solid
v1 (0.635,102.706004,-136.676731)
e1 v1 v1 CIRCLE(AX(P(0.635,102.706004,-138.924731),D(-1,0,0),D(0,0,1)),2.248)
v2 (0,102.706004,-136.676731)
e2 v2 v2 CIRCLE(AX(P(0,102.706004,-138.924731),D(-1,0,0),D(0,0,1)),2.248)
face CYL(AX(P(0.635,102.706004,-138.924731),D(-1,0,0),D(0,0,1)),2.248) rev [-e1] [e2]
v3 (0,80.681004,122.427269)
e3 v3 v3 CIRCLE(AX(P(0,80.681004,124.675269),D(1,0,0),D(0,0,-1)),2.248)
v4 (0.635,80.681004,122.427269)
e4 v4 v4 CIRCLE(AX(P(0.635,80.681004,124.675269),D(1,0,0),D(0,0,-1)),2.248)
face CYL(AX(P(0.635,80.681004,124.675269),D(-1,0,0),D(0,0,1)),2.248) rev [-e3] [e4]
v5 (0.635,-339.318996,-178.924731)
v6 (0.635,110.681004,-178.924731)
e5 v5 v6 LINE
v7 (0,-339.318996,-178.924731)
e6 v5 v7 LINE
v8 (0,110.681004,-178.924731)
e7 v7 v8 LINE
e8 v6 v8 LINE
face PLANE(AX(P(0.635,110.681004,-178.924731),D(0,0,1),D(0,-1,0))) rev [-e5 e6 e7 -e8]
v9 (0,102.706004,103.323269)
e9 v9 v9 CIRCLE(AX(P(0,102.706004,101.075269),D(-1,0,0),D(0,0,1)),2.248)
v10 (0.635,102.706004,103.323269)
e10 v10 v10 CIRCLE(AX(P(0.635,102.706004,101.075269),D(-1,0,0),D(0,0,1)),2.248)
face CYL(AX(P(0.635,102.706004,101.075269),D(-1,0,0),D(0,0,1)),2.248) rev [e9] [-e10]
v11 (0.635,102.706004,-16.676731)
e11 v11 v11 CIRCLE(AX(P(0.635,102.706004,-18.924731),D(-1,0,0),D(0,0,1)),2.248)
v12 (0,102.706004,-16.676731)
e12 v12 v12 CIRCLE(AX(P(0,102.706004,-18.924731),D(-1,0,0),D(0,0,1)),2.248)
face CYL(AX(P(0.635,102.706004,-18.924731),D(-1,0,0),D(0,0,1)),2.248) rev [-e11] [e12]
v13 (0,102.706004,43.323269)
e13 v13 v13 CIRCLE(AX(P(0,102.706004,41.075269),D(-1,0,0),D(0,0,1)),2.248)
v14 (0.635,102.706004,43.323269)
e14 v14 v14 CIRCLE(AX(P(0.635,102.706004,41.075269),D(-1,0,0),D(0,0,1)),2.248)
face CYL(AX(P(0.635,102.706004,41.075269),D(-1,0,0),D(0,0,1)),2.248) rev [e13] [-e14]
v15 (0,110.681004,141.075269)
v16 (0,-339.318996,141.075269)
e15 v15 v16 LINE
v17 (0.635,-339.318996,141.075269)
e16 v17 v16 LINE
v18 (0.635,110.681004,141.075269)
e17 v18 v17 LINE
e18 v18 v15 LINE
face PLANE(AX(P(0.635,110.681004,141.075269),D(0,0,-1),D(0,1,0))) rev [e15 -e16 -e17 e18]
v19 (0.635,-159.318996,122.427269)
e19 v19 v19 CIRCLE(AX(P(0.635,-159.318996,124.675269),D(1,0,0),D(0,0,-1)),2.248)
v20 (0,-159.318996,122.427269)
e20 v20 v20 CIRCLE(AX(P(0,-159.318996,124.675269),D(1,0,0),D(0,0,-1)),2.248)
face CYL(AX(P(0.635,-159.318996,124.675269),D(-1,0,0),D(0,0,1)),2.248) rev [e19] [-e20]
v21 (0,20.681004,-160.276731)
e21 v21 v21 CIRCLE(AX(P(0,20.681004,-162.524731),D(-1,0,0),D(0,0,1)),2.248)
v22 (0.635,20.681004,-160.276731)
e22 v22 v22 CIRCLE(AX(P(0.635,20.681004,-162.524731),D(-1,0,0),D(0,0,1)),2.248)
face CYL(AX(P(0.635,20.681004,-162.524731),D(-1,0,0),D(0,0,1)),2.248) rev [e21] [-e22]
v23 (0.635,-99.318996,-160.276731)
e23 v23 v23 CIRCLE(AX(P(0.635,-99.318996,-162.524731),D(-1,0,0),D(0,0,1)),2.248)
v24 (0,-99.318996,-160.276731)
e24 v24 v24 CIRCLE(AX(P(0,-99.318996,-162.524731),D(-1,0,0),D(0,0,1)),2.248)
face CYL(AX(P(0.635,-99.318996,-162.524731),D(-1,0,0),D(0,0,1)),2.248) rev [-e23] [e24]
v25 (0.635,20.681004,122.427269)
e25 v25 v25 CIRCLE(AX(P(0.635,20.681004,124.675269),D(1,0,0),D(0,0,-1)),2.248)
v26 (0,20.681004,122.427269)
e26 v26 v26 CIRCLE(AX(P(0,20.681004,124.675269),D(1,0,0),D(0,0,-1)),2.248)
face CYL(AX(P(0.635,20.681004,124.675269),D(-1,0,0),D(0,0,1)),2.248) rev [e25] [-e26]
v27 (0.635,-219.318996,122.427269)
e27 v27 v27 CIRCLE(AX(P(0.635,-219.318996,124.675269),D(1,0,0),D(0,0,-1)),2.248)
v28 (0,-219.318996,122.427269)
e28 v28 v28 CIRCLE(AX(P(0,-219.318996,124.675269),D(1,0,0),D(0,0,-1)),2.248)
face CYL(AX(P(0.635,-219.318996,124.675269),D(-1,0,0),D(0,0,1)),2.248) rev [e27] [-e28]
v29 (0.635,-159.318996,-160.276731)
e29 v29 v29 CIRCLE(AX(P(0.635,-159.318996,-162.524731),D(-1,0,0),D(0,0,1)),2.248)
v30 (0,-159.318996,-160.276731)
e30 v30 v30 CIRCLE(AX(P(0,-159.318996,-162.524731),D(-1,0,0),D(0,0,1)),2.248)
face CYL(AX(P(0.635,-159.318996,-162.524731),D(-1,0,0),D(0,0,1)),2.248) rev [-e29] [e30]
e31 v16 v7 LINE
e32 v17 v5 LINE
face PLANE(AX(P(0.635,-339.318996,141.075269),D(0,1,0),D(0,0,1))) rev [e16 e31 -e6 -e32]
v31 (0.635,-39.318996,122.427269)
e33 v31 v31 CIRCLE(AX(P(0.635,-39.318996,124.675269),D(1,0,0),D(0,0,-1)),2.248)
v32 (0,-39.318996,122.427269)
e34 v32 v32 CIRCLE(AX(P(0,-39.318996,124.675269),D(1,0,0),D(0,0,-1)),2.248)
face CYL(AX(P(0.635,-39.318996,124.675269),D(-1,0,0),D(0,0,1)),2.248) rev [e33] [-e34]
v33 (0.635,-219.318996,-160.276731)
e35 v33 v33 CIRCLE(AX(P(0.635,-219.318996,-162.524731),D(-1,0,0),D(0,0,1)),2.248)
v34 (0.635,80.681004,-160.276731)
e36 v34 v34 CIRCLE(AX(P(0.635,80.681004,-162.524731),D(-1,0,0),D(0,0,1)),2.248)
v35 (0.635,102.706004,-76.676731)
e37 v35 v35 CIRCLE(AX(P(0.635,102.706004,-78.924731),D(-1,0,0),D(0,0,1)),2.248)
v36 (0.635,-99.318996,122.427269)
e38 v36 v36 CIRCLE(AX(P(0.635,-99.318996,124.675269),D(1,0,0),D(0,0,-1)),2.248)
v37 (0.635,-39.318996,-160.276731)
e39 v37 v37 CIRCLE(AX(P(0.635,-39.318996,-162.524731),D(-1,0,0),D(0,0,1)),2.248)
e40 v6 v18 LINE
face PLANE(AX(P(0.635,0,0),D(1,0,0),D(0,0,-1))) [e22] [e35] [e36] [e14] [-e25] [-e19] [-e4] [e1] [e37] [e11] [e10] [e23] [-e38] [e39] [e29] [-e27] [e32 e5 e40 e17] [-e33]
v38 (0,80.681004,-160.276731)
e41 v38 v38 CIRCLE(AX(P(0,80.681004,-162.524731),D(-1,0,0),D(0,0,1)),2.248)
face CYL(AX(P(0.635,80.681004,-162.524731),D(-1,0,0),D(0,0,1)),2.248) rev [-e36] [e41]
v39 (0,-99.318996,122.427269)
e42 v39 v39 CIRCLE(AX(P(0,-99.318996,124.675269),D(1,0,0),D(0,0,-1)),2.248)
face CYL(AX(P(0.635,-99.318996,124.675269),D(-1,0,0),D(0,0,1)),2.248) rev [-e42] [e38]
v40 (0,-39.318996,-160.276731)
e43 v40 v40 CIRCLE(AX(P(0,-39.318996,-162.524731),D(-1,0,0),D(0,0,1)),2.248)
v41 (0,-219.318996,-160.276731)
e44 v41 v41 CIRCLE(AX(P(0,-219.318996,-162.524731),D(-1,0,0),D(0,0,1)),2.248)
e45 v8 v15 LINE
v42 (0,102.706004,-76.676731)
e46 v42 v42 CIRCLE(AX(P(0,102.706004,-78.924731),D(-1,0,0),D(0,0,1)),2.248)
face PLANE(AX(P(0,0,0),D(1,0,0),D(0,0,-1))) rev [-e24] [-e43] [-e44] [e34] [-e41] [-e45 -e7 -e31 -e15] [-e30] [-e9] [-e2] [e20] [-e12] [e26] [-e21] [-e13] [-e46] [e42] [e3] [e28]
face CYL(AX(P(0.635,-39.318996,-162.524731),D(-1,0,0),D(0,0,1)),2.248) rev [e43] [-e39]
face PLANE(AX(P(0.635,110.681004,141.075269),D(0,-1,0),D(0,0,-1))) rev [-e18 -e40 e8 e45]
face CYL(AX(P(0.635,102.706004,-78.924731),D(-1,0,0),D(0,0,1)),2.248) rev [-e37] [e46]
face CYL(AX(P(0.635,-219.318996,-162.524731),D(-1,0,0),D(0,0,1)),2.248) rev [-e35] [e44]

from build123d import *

# Parameters (mm, degrees)
SKETCH1_W               = 320
SKETCH1_H               = 450
BOSS_EXTRUDE1_DEPTH     = 0.635
SKETCH2_R               = 2.248
CUT_EXTRUDE1_DEPTH      = 384.603759083
LPATTERN1_COUNT         = 6
LPATTERN1_PITCH         = 60
MIRROR2_COPY_1_SKETCH_R = 2.248
MIRROR2_COPY_1_DEPTH    = 384.603759083
MIRROR2_COPY_2_SKETCH_R = 2.248
MIRROR2_COPY_2_DEPTH    = 384.603759083
MIRROR2_COPY_3_SKETCH_R = 2.248
MIRROR2_COPY_3_DEPTH    = 384.603759083
MIRROR2_COPY_4_SKETCH_R = 2.248
MIRROR2_COPY_4_DEPTH    = 384.603759083
MIRROR2_COPY_5_SKETCH_R = 2.248
MIRROR2_COPY_5_DEPTH    = 384.603759083
MIRROR2_COPY_6_SKETCH_R = 2.248
MIRROR2_COPY_6_DEPTH    = 384.603759083
SKETCH3_R               = 2.248
CUT_EXTRUDE2_DEPTH      = 384.603759083
LPATTERN2_COUNT         = 5
LPATTERN2_PITCH         = 60


with BuildPart() as part:
    # Sketch1 → Boss-Extrude1 (new body)
    with BuildSketch(Plane(origin=(0, 0, 0), x_dir=(0, 0, -1), z_dir=(1, 0, 0))):
        with Locations((18.924731183, -114.318996416)):
            Rectangle(SKETCH1_W, SKETCH1_H)
    extrude(amount=BOSS_EXTRUDE1_DEPTH)

    # Sketch2 → Cut-Extrude1 (cut, through all)
    with BuildSketch(Plane(origin=(0, 0, 0), x_dir=(0, 0, -1), z_dir=(1, 0, 0))):
        with Locations((-124.675268817, 80.681003584)):
            Circle(SKETCH2_R)
    cut_extrude1 = extrude(amount=CUT_EXTRUDE1_DEPTH, mode=Mode.SUBTRACT)

    # LPattern1: Cut-Extrude1 ×6
    with Locations(*[(0, -i * LPATTERN1_PITCH, 0) for i in range(1, LPATTERN1_COUNT)]):
        add(cut_extrude1, mode=Mode.SUBTRACT)

    # Mirror2 copy 1 sketch → Mirror2 copy 1 (cut, through all)
    with BuildSketch(Plane(origin=(0, -60, -37.849462366), x_dir=(0, 0, 1), z_dir=(1, 0, 0))):
        with Locations((-124.675268817, -80.681003584)):
            Circle(MIRROR2_COPY_1_SKETCH_R)
    extrude(amount=MIRROR2_COPY_1_DEPTH, mode=Mode.SUBTRACT)

    # Mirror2 copy 2 sketch → Mirror2 copy 2 (cut, through all)
    with BuildSketch(Plane(origin=(0, -120, -37.849462366), x_dir=(0, 0, 1), z_dir=(1, 0, 0))):
        with Locations((-124.675268817, -80.681003584)):
            Circle(MIRROR2_COPY_2_SKETCH_R)
    extrude(amount=MIRROR2_COPY_2_DEPTH, mode=Mode.SUBTRACT)

    # Mirror2 copy 3 sketch → Mirror2 copy 3 (cut, through all)
    with BuildSketch(Plane(origin=(0, -180, -37.849462366), x_dir=(0, 0, 1), z_dir=(1, 0, 0))):
        with Locations((-124.675268817, -80.681003584)):
            Circle(MIRROR2_COPY_3_SKETCH_R)
    extrude(amount=MIRROR2_COPY_3_DEPTH, mode=Mode.SUBTRACT)

    # Mirror2 copy 4 sketch → Mirror2 copy 4 (cut, through all)
    with BuildSketch(Plane(origin=(0, -240, -37.849462366), x_dir=(0, 0, 1), z_dir=(1, 0, 0))):
        with Locations((-124.675268817, -80.681003584)):
            Circle(MIRROR2_COPY_4_SKETCH_R)
    extrude(amount=MIRROR2_COPY_4_DEPTH, mode=Mode.SUBTRACT)

    # Mirror2 copy 5 sketch → Mirror2 copy 5 (cut, through all)
    with BuildSketch(Plane(origin=(0, -300, -37.849462366), x_dir=(0, 0, 1), z_dir=(1, 0, 0))):
        with Locations((-124.675268817, -80.681003584)):
            Circle(MIRROR2_COPY_5_SKETCH_R)
    extrude(amount=MIRROR2_COPY_5_DEPTH, mode=Mode.SUBTRACT)

    # Mirror2 copy 6 sketch → Mirror2 copy 6 (cut, through all)
    with BuildSketch(Plane(origin=(0, 0, -37.849462366), x_dir=(0, 0, 1), z_dir=(1, 0, 0))):
        with Locations((-124.675268817, -80.681003584)):
            Circle(MIRROR2_COPY_6_SKETCH_R)
    extrude(amount=MIRROR2_COPY_6_DEPTH, mode=Mode.SUBTRACT)

    # Sketch3 → Cut-Extrude2 (cut, through all)
    with BuildSketch(Plane.ZY):
        with Locations((-138.924731183, 102.706003584)):
            Circle(SKETCH3_R)
    cut_extrude2 = extrude(amount=-CUT_EXTRUDE2_DEPTH, mode=Mode.SUBTRACT)

    # LPattern2: Cut-Extrude2 ×5
    with Locations(*[(0, 0, i * LPATTERN2_PITCH) for i in range(1, LPATTERN2_COUNT)]):
        add(cut_extrude2, mode=Mode.SUBTRACT)


solid = part.part
